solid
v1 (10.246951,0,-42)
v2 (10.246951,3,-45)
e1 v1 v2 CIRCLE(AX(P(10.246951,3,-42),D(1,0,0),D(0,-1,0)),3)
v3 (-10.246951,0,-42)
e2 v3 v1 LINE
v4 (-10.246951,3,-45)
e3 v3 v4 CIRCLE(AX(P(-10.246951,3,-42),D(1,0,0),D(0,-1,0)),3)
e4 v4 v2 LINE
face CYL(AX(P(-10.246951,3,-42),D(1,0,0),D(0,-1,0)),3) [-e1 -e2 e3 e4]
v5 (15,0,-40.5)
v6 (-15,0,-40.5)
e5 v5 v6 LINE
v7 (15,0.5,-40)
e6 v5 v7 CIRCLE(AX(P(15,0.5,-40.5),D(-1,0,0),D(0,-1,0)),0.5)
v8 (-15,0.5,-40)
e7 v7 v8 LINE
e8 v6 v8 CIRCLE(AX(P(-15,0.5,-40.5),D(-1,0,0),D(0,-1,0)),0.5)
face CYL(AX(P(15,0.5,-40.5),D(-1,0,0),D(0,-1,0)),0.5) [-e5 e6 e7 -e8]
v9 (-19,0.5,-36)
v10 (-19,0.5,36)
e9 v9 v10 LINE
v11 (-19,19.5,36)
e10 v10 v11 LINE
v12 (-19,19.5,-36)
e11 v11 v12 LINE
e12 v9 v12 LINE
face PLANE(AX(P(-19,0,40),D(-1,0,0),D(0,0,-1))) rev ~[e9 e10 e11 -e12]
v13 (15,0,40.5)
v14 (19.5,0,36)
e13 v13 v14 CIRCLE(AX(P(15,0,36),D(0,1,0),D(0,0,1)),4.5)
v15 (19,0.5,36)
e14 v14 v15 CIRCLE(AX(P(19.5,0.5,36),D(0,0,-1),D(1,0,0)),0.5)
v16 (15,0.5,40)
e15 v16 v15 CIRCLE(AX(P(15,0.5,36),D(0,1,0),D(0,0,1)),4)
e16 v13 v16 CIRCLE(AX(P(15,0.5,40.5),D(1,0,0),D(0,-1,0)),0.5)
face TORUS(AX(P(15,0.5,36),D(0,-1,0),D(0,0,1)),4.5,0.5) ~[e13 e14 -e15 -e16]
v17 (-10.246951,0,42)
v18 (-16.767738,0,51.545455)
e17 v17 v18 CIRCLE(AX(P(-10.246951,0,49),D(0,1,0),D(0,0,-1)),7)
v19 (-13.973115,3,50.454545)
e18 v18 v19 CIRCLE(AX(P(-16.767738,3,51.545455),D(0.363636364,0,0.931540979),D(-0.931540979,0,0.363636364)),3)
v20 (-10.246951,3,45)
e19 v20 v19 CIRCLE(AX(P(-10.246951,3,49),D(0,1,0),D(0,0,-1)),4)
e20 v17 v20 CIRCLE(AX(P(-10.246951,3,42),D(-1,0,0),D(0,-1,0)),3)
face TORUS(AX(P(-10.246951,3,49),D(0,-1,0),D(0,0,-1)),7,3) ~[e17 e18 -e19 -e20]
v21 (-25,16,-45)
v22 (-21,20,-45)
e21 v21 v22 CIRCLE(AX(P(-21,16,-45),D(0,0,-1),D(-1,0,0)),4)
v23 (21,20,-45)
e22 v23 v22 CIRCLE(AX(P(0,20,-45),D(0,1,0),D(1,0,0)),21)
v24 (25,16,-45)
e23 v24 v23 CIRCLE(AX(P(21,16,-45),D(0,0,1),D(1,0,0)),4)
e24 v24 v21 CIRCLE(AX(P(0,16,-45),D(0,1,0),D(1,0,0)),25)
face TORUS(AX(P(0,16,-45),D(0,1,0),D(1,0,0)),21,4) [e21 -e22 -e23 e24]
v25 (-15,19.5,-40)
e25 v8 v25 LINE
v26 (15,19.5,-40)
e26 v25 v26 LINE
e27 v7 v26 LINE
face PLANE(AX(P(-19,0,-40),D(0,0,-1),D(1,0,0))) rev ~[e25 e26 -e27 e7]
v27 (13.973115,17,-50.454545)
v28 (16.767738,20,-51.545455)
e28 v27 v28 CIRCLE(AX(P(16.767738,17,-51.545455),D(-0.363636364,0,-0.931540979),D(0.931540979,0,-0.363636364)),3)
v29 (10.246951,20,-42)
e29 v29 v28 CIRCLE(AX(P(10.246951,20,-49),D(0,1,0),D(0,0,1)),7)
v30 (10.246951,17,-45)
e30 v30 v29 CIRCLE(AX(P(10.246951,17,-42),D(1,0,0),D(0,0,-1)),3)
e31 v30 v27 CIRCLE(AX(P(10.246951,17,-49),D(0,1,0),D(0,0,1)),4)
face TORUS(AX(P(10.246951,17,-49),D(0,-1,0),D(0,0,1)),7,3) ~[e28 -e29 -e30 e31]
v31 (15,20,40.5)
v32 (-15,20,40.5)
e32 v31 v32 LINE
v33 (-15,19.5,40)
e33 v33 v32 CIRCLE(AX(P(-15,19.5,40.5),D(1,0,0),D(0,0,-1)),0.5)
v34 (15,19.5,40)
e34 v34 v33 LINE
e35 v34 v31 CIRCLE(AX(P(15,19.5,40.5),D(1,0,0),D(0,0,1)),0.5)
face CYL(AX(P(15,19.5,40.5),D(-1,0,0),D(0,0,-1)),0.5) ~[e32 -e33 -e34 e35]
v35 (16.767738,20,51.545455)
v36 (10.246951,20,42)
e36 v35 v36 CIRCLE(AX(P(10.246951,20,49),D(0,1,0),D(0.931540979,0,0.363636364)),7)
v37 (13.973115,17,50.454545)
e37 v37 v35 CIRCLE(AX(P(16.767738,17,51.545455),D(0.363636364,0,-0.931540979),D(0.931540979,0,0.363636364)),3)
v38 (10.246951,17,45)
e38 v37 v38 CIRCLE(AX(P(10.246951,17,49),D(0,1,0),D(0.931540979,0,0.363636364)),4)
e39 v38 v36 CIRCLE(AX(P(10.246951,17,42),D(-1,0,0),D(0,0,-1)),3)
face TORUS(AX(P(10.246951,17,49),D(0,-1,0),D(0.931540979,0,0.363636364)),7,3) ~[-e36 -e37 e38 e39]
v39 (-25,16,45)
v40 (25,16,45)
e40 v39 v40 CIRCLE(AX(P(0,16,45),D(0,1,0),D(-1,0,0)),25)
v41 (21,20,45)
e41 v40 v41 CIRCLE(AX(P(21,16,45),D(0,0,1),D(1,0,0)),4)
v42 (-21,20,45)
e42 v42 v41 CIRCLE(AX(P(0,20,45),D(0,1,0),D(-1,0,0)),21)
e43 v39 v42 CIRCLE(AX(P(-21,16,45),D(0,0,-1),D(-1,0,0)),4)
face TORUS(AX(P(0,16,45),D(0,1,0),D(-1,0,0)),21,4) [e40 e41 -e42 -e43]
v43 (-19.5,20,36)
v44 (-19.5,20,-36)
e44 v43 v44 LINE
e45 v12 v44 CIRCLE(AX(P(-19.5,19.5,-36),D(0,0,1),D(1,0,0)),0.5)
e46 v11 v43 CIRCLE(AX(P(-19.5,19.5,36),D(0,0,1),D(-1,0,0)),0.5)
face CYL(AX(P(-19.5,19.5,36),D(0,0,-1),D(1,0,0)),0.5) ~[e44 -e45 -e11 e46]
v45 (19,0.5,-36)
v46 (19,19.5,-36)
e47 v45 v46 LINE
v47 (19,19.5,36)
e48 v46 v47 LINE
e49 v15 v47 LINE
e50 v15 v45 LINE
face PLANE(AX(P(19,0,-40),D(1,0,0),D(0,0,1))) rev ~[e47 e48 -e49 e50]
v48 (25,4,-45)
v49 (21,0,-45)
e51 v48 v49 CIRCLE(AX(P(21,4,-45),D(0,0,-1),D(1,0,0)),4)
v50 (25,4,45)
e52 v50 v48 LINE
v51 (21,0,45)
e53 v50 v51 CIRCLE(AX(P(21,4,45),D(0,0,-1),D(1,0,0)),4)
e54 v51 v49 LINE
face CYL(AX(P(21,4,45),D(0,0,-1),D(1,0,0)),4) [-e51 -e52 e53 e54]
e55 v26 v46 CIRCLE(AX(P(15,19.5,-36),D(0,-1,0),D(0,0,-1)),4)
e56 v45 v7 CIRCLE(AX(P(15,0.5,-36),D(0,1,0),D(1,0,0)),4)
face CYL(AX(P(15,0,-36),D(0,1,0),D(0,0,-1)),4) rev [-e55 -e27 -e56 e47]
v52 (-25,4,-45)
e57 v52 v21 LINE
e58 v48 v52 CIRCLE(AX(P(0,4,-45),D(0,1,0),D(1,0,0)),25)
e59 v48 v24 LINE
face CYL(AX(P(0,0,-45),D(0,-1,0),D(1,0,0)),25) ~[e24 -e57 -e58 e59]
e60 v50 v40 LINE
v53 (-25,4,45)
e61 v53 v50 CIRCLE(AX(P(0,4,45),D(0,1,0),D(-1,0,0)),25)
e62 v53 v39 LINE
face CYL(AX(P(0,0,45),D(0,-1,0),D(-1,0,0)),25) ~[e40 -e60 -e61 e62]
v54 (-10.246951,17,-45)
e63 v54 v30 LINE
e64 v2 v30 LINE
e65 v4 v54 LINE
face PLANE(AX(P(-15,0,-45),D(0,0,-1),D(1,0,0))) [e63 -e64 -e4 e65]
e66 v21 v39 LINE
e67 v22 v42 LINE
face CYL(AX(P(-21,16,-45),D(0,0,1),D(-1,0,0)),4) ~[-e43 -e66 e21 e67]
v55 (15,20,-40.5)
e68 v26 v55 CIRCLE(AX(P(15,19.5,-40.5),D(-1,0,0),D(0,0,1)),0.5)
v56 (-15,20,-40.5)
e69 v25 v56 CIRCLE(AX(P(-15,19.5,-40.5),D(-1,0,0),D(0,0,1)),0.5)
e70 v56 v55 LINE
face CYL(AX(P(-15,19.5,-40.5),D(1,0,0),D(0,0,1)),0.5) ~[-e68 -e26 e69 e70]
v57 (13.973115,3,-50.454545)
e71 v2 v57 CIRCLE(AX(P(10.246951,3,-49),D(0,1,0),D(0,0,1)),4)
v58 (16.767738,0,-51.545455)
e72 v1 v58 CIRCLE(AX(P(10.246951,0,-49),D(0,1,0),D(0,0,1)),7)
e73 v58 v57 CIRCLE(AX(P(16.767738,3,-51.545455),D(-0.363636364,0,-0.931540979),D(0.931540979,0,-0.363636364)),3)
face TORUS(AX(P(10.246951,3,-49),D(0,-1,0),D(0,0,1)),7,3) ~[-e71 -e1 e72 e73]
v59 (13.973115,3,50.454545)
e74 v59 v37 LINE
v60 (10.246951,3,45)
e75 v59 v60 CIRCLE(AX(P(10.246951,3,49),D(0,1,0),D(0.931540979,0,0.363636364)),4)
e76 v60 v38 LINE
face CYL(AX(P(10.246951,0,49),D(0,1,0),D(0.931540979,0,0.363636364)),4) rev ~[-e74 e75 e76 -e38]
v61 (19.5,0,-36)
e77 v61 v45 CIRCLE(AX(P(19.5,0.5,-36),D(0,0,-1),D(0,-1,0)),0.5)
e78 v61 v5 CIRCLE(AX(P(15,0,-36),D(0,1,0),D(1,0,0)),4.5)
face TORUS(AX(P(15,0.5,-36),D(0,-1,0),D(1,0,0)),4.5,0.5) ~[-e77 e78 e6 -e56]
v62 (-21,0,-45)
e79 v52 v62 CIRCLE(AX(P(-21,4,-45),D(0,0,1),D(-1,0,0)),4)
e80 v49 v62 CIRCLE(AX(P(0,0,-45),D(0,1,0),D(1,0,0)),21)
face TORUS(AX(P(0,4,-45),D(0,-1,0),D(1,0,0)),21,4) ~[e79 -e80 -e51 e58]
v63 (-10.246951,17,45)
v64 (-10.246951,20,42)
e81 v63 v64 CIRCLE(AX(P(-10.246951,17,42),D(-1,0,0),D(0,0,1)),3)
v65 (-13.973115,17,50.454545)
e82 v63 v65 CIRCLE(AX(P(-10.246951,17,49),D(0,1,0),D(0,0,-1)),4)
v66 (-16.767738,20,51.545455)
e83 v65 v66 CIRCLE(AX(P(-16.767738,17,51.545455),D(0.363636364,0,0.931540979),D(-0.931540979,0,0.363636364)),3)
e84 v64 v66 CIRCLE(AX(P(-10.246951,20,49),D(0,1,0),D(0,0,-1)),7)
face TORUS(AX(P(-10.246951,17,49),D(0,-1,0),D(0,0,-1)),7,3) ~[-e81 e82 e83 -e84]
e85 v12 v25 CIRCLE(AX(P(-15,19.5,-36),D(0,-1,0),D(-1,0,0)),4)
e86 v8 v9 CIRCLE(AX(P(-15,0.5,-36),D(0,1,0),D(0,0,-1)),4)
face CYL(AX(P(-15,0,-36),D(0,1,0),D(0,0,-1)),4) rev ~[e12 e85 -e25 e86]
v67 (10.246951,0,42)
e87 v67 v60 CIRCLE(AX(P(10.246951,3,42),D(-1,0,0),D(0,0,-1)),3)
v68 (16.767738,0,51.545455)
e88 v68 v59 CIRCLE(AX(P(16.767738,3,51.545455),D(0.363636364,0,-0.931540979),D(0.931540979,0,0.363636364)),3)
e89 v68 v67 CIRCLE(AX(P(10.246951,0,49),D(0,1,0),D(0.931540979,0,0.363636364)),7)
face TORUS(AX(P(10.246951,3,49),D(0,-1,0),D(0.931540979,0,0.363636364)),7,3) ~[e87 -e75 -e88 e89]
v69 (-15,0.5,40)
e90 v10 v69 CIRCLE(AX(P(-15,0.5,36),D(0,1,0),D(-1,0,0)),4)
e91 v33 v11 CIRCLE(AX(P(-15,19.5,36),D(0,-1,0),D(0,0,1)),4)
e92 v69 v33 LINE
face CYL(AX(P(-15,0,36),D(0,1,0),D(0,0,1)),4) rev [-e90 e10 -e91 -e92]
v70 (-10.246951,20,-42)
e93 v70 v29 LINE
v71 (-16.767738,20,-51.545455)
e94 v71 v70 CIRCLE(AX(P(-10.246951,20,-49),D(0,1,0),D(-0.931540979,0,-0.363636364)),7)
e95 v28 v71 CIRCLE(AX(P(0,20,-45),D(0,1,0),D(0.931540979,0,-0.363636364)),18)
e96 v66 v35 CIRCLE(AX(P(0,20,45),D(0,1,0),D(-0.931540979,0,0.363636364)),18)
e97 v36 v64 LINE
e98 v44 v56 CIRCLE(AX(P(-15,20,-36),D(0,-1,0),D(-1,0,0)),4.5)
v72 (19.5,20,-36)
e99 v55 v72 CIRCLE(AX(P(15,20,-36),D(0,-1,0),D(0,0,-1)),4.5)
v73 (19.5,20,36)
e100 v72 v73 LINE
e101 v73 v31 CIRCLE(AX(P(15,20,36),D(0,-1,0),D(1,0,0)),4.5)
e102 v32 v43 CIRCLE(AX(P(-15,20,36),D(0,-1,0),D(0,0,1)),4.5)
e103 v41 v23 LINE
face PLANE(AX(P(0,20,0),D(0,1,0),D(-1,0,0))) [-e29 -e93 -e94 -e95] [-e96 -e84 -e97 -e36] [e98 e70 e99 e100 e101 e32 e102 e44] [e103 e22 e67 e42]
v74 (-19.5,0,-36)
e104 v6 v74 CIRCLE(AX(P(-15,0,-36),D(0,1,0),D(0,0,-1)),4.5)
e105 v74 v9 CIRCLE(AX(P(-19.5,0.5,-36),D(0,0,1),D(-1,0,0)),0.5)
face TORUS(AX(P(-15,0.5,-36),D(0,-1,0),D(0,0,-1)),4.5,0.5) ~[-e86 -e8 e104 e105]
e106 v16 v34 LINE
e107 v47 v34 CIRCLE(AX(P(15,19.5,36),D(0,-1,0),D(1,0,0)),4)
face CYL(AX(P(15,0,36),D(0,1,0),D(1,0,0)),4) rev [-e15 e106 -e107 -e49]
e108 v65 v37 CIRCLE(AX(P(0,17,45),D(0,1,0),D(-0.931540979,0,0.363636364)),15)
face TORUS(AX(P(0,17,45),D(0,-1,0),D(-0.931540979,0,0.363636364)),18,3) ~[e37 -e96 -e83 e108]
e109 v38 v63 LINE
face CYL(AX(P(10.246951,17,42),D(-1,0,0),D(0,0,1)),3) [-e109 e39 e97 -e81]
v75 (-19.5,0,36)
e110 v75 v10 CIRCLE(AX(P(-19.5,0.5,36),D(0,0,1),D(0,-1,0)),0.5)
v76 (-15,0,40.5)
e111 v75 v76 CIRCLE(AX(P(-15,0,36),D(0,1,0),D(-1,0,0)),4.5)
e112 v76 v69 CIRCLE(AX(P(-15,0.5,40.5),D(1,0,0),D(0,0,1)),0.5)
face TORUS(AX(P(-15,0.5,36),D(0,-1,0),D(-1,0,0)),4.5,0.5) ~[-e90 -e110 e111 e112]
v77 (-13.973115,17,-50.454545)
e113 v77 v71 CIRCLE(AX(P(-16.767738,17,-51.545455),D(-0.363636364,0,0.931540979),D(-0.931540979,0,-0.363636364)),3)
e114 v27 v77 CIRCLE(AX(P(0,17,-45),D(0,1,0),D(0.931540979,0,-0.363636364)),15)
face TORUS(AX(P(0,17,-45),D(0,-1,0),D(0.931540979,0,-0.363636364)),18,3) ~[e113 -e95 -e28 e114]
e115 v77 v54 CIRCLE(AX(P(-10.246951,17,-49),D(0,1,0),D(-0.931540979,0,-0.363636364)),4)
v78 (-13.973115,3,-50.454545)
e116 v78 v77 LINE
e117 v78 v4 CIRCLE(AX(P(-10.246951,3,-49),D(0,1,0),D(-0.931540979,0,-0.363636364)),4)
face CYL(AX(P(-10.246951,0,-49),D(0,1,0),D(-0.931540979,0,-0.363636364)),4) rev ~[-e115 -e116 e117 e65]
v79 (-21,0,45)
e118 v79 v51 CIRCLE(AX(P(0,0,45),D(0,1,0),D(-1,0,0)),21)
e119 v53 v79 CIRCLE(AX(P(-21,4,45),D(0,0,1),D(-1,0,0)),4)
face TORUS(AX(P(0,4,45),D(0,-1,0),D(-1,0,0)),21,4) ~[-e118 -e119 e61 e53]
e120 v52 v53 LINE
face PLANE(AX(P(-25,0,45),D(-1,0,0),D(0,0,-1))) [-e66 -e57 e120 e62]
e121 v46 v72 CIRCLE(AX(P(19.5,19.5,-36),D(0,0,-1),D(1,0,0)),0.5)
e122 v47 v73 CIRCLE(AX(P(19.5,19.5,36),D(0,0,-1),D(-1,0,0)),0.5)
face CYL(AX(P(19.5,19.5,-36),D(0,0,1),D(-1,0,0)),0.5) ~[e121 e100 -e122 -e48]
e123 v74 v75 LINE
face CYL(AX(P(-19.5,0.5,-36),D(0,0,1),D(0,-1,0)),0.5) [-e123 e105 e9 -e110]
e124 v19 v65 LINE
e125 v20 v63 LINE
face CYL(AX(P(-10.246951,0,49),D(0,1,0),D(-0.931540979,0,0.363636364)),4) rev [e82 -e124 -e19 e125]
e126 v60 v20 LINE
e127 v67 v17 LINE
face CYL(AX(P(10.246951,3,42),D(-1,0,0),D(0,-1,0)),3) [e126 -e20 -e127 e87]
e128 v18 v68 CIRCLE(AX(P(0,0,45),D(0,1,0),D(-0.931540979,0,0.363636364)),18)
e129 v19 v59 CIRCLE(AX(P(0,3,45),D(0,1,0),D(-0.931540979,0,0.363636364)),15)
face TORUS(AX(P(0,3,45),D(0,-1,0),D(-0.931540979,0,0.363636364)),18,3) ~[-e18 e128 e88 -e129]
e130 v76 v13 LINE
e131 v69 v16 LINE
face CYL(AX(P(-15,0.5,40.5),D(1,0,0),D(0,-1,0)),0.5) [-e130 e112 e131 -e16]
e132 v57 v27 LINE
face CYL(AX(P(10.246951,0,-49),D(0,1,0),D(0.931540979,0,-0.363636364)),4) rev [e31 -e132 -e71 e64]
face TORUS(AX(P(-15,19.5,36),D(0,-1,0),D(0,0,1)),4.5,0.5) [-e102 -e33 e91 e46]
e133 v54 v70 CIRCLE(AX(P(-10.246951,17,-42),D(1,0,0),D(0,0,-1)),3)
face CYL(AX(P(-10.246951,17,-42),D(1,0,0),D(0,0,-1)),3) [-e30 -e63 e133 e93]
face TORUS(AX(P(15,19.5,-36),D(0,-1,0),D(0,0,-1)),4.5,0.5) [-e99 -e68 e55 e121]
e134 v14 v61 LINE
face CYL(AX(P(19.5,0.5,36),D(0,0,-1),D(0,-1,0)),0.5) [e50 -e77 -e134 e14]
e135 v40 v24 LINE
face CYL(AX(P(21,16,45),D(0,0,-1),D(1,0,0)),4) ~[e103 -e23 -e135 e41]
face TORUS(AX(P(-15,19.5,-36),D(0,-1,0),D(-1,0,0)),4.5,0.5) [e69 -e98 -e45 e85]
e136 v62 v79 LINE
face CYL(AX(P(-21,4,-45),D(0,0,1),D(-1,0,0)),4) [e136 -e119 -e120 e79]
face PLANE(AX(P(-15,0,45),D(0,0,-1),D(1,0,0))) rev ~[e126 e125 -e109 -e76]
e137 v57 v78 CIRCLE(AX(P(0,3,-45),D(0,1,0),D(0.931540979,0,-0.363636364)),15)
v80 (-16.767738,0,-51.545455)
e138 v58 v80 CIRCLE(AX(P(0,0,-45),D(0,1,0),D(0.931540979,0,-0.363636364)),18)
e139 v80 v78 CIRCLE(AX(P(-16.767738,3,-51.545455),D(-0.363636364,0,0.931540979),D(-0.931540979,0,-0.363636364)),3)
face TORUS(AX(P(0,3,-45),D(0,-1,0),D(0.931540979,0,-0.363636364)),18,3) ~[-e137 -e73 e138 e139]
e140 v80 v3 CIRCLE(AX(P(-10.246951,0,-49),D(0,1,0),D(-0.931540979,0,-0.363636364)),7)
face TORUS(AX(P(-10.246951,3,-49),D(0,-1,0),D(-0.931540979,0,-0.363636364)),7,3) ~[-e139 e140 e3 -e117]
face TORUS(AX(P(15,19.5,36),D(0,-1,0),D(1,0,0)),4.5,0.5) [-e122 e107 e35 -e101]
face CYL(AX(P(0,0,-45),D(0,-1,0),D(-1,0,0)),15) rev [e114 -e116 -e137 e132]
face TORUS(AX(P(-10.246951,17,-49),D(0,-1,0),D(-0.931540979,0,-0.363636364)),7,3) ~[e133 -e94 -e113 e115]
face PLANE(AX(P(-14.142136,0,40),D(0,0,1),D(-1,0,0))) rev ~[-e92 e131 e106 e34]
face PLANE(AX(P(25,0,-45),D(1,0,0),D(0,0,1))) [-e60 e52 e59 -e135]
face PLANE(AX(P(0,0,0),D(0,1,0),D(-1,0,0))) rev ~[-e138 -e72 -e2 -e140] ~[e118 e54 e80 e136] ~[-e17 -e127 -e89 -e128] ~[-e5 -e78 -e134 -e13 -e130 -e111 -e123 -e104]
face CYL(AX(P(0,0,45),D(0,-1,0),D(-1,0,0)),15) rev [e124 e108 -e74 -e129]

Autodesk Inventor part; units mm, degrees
ref_plane "YZ Plane" through (0, 0, 0) normal (1, 0, 0) x (0, 1, 0)
ref_plane "XZ Plane" through (0, 0, 0) normal (0, 1, 0) x (-1, 0, 0)
ref_plane "XY Plane" through (0, 0, 0) normal (0, 0, 1) x (1, 0, 0)
sketch "Boceto1" plane through (0, 0, 0) normal (0, 1, 0) x (-1, 0, 0)
  line L0 (0, 45) -> (0, -45) construction
  line L1 (25, 45) -> (25, -45)
  line L2 (-25, -45) -> (-25, 45)
  arc A0 (25, 45) -> (-25, 45) centre (0, 45) ccw
  arc A1 (-25, -45) -> (25, -45) centre (0, -45) ccw
  circle A2 centre (0, -45) radius 15
  circle A3 centre (0, 45) radius 15
  line L3 (15, -45) -> (-15, -45)
  line L4 (94.5074, 0) -> (-76.0102, 0) construction
  line L5 (15, 45) -> (-15, 45)
  line L6 (-19, 40) -> (19, 40)
  line L7 (19, 40) -> (19, -40)
  line L8 (19, -40) -> (-19, -40)
  line L9 (-19, -40) -> (-19, 40)
  line L10 (-19, 40) -> (19, -40) construction
  line L11 (19, 40) -> (-19, -40) construction
  point P0 (0, 0)
  point P1 (0, 70)
  point P2 (0, -70)
  point P3 (0, -35)
  point P4 (-15, 45)
  point P5 (15, 45)
  dimension "largo" = 140
  dimension "d1" = 50
  dimension "espesor_junta" = 10
  dimension "d3" = 10
  dimension "d11" = 80
  dimension "d12" = 38
  dimension "d18" = 6
extrude "Extrusión2" add sketch "Boceto1" along normal blind 20 contours L1 A1 L2 A0 | A2 L8 L3 | A3 L5 L6
fillet "Empalme2" radius 4 8 edges at (0, 20, 70) (25, 20, 0) (0, 20, -70) (-25, 20, 0) (0, 0, 70) (25, 0, 0) (0, 0, -70) (-25, 0, 0)
fillet "Empalme3" radius 4 8 edges at (-19, 10, 40) (-19, 10, -40) (19, 10, -40) (19, 10, 40) (-15, 10, 45) (15, 10, 45) (-15, 10, -45) (15, 10, -45)
fillet "Empalme4" radius 3 8 edges at (0, 20, -45) (0, 20, -60) (0, 20, 60) (0, 20, 45) (0, 0, -45) (0, 0, -60) (0, 0, 60) (0, 0, 45)
fillet "Empalme5" radius 0.5 8 edges at (0, 20, -40) (19, 20, 0) (0, 20, 40) (-19, 20, 0) (0, 0, -40) (19, 0, 0) (0, 0, 40) (-19, 0, 0)
equation "\"d3\" = espesor_junta"
properties part number "mod1_3DPrint"
